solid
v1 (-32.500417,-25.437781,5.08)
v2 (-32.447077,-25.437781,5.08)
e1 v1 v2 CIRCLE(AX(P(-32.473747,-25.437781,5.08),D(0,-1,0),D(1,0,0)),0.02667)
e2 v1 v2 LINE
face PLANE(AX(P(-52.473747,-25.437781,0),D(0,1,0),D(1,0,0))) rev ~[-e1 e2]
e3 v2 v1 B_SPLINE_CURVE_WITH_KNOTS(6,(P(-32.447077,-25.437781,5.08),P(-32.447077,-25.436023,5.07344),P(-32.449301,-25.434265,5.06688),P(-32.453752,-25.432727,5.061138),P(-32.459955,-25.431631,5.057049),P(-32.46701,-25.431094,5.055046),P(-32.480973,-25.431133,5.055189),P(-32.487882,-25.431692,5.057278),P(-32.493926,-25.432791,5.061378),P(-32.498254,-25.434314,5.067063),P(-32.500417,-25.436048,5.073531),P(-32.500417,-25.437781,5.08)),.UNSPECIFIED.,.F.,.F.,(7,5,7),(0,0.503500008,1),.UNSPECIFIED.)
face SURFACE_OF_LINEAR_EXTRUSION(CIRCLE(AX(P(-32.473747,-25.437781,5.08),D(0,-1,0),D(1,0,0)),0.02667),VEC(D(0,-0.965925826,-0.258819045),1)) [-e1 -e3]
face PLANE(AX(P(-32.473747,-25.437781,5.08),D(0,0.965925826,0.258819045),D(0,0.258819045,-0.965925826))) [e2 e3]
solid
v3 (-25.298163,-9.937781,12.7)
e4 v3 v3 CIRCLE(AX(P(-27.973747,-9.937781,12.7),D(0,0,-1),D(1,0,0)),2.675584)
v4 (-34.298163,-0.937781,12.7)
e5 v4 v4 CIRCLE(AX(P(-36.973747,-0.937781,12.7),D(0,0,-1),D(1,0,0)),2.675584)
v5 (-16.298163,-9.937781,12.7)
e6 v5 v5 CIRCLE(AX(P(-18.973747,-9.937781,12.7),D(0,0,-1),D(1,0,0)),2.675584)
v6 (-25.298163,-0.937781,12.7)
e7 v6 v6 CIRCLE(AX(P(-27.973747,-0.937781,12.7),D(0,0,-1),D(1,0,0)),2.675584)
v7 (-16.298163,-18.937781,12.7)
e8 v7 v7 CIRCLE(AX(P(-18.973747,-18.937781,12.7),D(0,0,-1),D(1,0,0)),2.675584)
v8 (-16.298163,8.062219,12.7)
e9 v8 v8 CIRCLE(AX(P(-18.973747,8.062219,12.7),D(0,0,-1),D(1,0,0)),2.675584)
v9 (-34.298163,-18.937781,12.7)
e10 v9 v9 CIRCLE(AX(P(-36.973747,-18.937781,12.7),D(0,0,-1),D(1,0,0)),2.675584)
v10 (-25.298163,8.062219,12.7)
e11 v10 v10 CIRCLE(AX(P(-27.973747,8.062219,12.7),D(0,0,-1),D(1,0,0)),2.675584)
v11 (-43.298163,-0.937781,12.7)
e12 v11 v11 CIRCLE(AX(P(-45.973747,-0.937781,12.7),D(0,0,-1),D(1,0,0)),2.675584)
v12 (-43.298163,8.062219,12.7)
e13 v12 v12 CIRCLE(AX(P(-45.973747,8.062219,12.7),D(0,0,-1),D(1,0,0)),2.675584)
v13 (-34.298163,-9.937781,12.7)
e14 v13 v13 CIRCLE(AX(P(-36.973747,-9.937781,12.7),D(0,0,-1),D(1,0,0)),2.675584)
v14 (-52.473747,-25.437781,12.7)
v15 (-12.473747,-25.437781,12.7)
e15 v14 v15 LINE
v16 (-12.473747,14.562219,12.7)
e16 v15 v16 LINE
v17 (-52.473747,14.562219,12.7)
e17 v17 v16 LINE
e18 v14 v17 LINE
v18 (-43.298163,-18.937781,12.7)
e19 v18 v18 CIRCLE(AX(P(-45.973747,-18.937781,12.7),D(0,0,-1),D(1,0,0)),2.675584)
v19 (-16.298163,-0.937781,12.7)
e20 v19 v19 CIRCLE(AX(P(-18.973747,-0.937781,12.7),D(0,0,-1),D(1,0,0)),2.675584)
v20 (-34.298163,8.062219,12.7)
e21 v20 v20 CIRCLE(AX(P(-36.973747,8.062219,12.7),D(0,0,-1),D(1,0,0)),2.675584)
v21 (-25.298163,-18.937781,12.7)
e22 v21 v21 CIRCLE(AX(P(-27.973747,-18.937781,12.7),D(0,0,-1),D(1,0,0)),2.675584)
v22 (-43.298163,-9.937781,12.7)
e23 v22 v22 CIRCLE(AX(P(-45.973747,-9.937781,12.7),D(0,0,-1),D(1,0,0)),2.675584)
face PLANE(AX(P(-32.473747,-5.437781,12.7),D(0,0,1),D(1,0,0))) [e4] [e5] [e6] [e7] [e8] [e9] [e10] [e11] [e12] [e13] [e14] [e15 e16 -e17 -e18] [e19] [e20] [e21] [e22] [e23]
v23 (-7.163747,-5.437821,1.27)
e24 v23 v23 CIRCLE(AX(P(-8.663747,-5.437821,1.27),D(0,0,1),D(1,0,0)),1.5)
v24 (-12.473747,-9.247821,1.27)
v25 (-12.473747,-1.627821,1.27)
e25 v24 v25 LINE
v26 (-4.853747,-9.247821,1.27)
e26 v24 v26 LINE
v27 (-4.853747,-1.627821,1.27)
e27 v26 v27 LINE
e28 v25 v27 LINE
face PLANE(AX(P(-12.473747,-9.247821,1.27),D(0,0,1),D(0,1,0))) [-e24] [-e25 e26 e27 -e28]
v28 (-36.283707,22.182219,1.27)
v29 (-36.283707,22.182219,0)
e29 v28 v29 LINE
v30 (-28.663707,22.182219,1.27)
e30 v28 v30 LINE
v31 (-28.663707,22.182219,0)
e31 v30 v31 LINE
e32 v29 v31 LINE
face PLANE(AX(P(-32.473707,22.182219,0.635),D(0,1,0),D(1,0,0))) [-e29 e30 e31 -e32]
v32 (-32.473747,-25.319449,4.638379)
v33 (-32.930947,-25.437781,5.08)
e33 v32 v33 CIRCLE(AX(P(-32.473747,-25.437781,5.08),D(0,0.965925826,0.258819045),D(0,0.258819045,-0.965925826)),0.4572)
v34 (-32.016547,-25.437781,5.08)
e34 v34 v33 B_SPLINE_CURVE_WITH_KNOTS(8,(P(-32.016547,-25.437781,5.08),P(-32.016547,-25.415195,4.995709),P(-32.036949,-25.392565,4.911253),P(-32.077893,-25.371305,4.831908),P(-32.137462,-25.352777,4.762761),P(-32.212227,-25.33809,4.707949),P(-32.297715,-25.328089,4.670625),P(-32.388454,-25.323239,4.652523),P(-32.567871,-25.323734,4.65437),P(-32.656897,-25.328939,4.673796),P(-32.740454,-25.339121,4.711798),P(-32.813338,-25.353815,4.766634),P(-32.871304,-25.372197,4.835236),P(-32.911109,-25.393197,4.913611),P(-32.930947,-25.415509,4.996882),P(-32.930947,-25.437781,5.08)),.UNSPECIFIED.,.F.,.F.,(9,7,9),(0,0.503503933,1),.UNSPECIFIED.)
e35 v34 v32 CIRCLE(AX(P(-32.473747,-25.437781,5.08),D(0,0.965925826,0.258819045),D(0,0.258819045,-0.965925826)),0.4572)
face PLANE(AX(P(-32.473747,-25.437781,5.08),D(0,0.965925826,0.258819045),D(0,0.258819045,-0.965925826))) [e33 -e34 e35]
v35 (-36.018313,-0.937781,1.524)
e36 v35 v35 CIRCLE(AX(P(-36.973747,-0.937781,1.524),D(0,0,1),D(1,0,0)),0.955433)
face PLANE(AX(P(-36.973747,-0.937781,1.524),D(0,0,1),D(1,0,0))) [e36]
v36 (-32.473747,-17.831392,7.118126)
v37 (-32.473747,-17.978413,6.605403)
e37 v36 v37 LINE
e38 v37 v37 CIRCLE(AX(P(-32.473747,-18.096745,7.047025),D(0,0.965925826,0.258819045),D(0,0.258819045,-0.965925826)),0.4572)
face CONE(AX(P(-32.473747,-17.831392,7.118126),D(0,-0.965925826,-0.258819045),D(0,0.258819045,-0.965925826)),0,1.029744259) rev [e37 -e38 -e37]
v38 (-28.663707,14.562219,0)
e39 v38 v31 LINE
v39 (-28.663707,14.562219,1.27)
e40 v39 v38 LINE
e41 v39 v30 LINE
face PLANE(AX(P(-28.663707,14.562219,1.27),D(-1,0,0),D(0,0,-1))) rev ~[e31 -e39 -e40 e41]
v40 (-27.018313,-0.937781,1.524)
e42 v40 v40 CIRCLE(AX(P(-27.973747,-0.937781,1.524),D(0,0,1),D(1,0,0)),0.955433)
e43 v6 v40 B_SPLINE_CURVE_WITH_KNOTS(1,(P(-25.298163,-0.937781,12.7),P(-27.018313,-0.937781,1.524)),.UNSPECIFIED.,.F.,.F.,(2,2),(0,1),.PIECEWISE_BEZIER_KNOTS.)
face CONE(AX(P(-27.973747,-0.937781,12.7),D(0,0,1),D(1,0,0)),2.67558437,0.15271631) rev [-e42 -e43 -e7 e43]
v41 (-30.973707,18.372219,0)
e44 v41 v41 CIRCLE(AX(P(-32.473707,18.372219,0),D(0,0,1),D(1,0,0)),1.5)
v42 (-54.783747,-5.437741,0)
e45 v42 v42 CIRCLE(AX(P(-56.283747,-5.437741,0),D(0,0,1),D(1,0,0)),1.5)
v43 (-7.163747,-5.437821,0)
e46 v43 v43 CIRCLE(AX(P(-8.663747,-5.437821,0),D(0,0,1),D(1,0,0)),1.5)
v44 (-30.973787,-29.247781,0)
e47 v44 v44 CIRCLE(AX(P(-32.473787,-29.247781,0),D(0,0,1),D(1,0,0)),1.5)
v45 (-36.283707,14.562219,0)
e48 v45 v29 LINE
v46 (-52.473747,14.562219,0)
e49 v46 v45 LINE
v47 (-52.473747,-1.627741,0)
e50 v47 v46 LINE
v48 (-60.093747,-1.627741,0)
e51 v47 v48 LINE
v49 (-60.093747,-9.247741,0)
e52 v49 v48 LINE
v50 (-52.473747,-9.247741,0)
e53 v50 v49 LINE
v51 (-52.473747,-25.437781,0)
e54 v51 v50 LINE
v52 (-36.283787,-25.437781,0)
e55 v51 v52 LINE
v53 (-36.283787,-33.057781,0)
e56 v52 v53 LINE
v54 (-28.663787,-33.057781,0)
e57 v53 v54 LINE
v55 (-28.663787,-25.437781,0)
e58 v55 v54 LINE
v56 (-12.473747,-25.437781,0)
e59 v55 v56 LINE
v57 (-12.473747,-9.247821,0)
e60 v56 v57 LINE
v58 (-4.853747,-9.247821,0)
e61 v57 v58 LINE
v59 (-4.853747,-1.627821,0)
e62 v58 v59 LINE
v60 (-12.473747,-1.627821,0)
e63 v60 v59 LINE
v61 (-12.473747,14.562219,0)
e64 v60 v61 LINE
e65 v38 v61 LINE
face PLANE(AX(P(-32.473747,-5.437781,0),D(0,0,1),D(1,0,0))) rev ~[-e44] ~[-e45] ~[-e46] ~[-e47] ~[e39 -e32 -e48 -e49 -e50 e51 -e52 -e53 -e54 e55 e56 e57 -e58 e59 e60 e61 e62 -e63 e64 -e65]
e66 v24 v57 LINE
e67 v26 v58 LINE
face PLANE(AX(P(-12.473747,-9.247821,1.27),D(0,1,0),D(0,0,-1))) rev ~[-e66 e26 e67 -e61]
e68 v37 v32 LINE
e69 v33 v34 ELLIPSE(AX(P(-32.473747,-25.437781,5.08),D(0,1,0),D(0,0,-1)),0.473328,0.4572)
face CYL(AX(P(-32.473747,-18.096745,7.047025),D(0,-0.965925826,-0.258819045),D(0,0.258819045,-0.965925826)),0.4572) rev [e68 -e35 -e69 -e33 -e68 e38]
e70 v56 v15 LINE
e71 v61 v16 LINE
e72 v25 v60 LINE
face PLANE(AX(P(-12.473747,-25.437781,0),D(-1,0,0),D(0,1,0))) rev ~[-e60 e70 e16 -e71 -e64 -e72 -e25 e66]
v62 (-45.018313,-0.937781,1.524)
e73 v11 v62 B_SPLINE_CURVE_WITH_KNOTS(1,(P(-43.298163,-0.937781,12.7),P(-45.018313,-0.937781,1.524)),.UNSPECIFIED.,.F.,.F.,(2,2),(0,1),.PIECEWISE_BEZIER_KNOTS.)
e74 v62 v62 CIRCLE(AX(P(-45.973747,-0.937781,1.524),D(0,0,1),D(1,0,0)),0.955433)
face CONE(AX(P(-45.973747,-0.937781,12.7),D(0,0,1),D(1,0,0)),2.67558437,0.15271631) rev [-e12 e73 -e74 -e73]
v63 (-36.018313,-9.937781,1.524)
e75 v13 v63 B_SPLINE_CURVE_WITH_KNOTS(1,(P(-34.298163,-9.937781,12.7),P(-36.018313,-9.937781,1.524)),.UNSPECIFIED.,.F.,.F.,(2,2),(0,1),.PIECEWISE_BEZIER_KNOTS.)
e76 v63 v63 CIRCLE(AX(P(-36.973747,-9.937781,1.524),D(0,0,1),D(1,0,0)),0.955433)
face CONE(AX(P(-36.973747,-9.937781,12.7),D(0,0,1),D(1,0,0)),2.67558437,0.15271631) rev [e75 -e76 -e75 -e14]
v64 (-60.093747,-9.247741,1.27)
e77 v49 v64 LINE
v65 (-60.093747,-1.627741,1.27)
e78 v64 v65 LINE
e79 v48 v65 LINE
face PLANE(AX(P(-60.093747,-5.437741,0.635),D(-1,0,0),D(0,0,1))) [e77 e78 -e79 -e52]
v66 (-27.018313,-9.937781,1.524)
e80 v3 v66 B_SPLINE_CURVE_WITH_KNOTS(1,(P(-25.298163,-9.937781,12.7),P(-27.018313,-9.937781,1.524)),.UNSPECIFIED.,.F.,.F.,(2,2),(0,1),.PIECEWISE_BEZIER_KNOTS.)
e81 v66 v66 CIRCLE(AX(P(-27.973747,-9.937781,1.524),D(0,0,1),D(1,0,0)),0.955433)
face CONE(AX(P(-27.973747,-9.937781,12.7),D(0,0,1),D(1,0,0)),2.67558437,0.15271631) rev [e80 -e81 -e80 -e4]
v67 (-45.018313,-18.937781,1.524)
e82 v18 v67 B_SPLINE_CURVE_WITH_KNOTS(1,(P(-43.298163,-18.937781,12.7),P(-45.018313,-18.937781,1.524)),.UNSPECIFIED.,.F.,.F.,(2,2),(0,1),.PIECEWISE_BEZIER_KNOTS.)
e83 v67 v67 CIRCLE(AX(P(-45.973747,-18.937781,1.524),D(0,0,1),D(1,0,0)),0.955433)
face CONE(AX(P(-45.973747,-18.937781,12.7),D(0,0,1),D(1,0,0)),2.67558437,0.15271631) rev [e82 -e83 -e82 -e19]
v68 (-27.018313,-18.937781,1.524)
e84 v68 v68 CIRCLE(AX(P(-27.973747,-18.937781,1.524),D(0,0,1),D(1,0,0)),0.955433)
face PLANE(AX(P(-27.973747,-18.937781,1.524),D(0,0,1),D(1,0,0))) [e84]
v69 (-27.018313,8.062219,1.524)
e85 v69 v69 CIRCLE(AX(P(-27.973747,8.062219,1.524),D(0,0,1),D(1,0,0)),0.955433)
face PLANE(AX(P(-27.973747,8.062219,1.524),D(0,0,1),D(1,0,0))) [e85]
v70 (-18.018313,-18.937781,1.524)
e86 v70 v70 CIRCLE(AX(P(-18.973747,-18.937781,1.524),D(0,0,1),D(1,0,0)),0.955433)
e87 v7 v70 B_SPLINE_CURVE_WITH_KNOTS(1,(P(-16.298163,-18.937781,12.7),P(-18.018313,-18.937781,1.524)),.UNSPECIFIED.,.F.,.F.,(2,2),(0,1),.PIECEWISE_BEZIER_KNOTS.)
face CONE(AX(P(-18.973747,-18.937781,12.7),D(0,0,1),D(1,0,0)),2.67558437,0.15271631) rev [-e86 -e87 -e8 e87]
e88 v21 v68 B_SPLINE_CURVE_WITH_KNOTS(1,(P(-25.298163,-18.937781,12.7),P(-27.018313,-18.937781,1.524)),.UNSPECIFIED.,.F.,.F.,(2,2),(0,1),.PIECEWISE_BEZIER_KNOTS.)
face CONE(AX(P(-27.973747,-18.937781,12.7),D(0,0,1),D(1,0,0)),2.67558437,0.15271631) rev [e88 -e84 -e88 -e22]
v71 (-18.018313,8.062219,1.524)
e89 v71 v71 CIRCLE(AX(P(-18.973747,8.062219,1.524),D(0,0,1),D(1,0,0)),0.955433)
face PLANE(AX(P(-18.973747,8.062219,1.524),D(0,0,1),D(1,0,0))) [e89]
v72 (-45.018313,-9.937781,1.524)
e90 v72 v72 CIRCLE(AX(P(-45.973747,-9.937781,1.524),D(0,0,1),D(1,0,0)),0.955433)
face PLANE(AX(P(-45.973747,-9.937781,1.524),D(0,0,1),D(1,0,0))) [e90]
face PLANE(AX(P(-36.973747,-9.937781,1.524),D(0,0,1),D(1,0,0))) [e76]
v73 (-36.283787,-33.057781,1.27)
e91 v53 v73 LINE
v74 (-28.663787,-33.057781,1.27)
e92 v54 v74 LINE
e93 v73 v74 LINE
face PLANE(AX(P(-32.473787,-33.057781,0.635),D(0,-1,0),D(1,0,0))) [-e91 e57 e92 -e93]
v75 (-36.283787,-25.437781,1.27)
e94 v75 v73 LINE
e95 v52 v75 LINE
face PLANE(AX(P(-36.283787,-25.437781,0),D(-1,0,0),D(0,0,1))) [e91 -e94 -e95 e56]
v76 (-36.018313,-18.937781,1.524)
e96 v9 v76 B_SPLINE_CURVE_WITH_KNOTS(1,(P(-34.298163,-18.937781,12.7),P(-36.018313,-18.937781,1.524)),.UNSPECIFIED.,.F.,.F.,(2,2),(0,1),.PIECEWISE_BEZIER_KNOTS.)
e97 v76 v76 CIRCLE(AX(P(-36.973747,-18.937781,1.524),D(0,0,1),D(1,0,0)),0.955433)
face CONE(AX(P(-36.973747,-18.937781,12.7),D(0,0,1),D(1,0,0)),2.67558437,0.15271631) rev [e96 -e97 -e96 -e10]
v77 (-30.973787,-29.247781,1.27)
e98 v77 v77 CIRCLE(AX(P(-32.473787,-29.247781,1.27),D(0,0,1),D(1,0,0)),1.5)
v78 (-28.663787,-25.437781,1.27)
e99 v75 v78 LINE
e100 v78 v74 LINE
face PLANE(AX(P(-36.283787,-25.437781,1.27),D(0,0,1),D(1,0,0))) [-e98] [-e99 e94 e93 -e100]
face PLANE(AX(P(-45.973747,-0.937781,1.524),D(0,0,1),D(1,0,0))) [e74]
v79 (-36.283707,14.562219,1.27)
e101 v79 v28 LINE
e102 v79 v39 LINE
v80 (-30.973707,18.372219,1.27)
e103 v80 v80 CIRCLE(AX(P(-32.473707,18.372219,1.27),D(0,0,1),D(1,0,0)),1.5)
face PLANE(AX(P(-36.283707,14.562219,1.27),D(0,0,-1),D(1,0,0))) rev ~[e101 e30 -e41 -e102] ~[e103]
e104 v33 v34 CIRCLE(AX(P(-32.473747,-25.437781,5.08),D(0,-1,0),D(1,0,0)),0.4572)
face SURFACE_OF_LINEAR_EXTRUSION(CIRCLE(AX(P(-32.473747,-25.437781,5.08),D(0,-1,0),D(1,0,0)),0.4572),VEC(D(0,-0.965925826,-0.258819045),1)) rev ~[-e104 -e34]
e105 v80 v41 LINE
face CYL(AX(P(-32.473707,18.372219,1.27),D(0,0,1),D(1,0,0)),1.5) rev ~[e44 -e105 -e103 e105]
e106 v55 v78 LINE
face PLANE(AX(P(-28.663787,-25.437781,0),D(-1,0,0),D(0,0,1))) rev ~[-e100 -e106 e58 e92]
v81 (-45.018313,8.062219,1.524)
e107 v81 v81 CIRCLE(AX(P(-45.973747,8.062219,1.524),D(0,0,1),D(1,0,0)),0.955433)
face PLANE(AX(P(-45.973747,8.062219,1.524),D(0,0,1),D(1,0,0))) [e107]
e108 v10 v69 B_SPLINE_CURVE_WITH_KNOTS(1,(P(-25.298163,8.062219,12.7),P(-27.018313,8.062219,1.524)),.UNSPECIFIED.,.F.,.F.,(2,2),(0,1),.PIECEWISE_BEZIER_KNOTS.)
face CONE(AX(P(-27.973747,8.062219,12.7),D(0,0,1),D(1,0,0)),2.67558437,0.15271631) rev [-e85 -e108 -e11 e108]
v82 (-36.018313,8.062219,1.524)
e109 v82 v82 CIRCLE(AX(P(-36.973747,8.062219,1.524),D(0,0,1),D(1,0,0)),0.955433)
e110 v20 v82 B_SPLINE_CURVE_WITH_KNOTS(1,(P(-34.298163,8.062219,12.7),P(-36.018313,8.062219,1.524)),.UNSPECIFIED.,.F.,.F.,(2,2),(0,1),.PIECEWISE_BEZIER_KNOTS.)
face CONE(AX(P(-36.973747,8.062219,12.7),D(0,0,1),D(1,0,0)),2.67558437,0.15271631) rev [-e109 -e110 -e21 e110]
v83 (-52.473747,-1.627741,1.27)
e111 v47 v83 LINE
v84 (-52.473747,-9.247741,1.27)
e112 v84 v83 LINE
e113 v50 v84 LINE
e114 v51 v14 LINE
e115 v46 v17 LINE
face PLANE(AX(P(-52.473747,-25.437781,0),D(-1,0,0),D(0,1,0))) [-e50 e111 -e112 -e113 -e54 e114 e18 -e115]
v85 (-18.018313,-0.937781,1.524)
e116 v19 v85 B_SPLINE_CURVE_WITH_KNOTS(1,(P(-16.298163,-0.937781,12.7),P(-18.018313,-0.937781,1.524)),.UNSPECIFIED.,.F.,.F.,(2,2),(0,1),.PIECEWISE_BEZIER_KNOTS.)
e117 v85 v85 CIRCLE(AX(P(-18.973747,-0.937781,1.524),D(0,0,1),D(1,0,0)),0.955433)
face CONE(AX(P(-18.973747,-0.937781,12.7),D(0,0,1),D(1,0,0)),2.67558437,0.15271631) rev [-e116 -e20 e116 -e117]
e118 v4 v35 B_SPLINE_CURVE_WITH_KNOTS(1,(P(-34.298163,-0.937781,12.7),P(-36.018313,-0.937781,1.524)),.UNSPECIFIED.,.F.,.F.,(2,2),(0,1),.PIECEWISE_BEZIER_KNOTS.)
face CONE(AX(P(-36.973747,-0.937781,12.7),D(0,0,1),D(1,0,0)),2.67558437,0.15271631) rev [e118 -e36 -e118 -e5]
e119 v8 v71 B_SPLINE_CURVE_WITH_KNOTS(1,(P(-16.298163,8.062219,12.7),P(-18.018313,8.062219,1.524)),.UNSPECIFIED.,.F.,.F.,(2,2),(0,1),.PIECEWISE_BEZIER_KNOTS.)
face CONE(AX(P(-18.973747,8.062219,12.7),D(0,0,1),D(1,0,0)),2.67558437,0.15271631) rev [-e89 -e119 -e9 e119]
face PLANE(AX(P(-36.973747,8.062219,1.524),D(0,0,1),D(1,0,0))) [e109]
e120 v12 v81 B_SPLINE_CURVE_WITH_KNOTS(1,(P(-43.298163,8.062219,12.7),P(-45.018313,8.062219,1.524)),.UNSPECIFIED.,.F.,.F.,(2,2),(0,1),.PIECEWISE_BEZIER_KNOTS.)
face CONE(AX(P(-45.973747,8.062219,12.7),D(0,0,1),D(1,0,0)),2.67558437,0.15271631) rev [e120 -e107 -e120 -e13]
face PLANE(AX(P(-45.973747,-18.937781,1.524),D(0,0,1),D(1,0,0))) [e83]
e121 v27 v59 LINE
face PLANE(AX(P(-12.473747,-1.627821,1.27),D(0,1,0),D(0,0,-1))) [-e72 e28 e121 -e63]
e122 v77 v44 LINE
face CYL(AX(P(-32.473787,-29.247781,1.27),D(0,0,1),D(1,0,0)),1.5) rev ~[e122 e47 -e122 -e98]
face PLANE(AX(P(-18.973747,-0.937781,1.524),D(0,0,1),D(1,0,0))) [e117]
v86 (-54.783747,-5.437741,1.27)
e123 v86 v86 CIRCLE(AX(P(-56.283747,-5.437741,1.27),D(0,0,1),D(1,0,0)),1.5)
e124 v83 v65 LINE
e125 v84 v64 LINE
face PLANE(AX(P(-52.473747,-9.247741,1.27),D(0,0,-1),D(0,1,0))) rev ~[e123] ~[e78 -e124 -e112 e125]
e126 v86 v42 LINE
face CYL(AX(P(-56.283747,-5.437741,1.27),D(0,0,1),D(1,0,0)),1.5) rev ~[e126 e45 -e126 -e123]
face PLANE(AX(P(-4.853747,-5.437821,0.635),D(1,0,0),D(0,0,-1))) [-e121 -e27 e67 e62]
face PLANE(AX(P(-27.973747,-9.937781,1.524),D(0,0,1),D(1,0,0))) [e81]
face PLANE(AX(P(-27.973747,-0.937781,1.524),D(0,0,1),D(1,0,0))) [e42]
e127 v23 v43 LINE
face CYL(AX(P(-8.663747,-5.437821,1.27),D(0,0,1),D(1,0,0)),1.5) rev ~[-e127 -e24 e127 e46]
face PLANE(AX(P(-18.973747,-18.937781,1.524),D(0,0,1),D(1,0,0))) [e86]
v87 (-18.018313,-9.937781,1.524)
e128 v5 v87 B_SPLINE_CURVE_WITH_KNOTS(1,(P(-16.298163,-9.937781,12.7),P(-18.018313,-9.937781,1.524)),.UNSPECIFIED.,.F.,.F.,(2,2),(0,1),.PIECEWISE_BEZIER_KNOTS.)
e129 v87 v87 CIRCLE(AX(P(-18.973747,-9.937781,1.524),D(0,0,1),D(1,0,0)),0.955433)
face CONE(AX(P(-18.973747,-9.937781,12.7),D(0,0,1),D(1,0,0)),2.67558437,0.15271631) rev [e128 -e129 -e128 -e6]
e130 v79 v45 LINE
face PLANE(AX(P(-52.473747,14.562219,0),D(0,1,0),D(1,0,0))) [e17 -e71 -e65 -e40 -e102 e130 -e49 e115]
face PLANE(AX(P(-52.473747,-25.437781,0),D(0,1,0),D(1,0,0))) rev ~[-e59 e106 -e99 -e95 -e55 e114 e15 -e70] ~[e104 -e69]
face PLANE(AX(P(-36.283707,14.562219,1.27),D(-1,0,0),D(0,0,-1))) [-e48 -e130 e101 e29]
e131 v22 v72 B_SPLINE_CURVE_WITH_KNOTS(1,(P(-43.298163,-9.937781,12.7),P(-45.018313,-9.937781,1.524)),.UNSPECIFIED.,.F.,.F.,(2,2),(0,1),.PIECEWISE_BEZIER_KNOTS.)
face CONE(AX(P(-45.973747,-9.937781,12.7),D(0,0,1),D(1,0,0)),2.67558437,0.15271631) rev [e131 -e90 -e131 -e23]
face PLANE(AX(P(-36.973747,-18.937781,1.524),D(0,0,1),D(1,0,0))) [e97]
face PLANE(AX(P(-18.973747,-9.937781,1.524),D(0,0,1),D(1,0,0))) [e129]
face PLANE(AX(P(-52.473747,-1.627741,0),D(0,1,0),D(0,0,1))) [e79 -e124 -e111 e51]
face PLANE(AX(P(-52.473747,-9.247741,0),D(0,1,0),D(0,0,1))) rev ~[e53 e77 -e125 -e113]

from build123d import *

# Parameters (mm, degrees)
SKETCH1_W               = 40
SKETCH1_H               = 40
BOSS_EXTRUDE1_DEPTH     = 12.7
SKETCH2_R               = 2.67558437
CUT_EXTRUDE1_DEPTH      = 11.176
CUT_EXTRUDE1_TAPER      = 8.75
SKETCH3_W               = 7.62
SKETCH3_H               = 1.27
BOSS_EXTRUDE2_DEPTH     = 7.62
SKETCH4_W               = 1.27
SKETCH4_H               = 7.62
BOSS_EXTRUDE3_DEPTH     = 7.62
SKETCH5_W               = 1.27
SKETCH5_H               = 7.62
BOSS_EXTRUDE4_DEPTH     = 7.62
SKETCH6_W               = 7.62
SKETCH6_H               = 1.27
BOSS_EXTRUDE5_DEPTH     = 7.62
SKETCH7_R               = 1.5
M3_DIAMETER_HOLES_DEPTH = 7.62
SKETCH8_R               = 0.4572
SKETCH8_R_2             = 0.02667
CUT_EXTRUDE3_DEPTH      = 2


with BuildPart() as part:
    # Sketch1 → Boss-Extrude1 (new body)
    with BuildSketch(Plane.XY):
        with Locations((-32.473746891, -5.437780853)):
            Rectangle(SKETCH1_W, SKETCH1_H)
    extrude(amount=BOSS_EXTRUDE1_DEPTH)

    # Sketch2 → Cut-Extrude1 (cut)
    with BuildSketch(Plane.XY.offset(12.7)):
        with Locations((-45.973746891, 8.062219147)):
            Circle(SKETCH2_R)
        with Locations((-36.973746891, 8.062219147)):
            Circle(SKETCH2_R)
        with Locations((-27.973746891, 8.062219147)):
            Circle(SKETCH2_R)
        with Locations((-18.973746891, 8.062219147)):
            Circle(SKETCH2_R)
        with Locations((-45.973746891, -0.937780853)):
            Circle(SKETCH2_R)
        with Locations((-36.973746891, -0.937780853)):
            Circle(SKETCH2_R)
        with Locations((-27.973746891, -0.937780853)):
            Circle(SKETCH2_R)
        with Locations((-18.973746891, -0.937780853)):
            Circle(SKETCH2_R)
        with Locations((-45.973746891, -9.937780853)):
            Circle(SKETCH2_R)
        with Locations((-36.973746891, -9.937780853)):
            Circle(SKETCH2_R)
        with Locations((-27.973746891, -9.937780853)):
            Circle(SKETCH2_R)
        with Locations((-18.973746891, -9.937780853)):
            Circle(SKETCH2_R)
        with Locations((-45.973746891, -18.937780853)):
            Circle(SKETCH2_R)
        with Locations((-36.973746891, -18.937780853)):
            Circle(SKETCH2_R)
        with Locations((-27.973746891, -18.937780853)):
            Circle(SKETCH2_R)
        with Locations((-18.973746891, -18.937780853)):
            Circle(SKETCH2_R)
    extrude(amount=-CUT_EXTRUDE1_DEPTH, taper=CUT_EXTRUDE1_TAPER, mode=Mode.SUBTRACT)

    # Sketch3 → Boss-Extrude2 (add)
    with BuildSketch(Plane(origin=(0, 14.562219147, 0), x_dir=(1, 0, 0), z_dir=(0, 1, 0))):
        with Locations((-32.473706891, -0.635)):
            Rectangle(SKETCH3_W, SKETCH3_H)
    extrude(amount=BOSS_EXTRUDE2_DEPTH)

    # Sketch4 → Boss-Extrude3 (add)
    with BuildSketch(Plane(origin=(-12.473746891, 0, 0), x_dir=(0, 0, -1), z_dir=(1, 0, 0))):
        with Locations((-0.635, -5.437820853)):
            Rectangle(SKETCH4_W, SKETCH4_H)
    extrude(amount=BOSS_EXTRUDE3_DEPTH)

    # Sketch5 → Boss-Extrude4 (add)
    with BuildSketch(Plane.ZY.offset(52.473746891)):
        with Locations((0.635, -5.437740853)):
            Rectangle(SKETCH5_W, SKETCH5_H)
    extrude(amount=BOSS_EXTRUDE4_DEPTH)

    # Sketch6 → Boss-Extrude5 (add)
    with BuildSketch(Plane.XZ.offset(25.437780853)):
        with Locations((-32.473786891, 0.635)):
            Rectangle(SKETCH6_W, SKETCH6_H)
    extrude(amount=BOSS_EXTRUDE5_DEPTH)

    # Sketch7 → M3 diameter holes (cut)
    with BuildSketch(Plane.XY.offset(1.27)):
        with Locations((-32.473786891, -29.247780853)):
            Circle(SKETCH7_R)
        with Locations((-56.283746891, -5.437740853)):
            Circle(SKETCH7_R)
        with Locations((-8.663746891, -5.437820853)):
            Circle(SKETCH7_R)
        with Locations((-32.473706891, 18.372219147)):
            Circle(SKETCH7_R)
    extrude(amount=-M3_DIAMETER_HOLES_DEPTH, mode=Mode.SUBTRACT)

    # Sketch15 → 64 _0.036_ Diameter Hole1 (revolve, cut)
    with BuildSketch(Plane(origin=(-32.473746891, -25.437780853, 5.08), x_dir=(0, 0.258819045, -0.965925826), z_dir=(1, 0, 0))):
        Polygon((0, 0), (0, 7.874713475), (0.4572, 7.6), (0.4572, 0), align=None)
    revolve(axis=Axis((-32.473746891, -31.57140985, 3.436499064), (0, 0.965925826, 0.258819045)), mode=Mode.SUBTRACT)

    # Sketch8 → Cut-Extrude3 (cut, along a direction that is not the sketch's normal)
    with BuildSketch(Plane.XZ.offset(25.437780853)):
        with Locations((-32.473746891, 5.08)):
            Circle(SKETCH8_R)
        with Locations((-32.473746891, 5.08)):
            Circle(SKETCH8_R_2, mode=Mode.SUBTRACT)
    extrude(amount=-CUT_EXTRUDE3_DEPTH, dir=(0, -0.965925826, -0.258819045), mode=Mode.SUBTRACT)


solid = part.part
